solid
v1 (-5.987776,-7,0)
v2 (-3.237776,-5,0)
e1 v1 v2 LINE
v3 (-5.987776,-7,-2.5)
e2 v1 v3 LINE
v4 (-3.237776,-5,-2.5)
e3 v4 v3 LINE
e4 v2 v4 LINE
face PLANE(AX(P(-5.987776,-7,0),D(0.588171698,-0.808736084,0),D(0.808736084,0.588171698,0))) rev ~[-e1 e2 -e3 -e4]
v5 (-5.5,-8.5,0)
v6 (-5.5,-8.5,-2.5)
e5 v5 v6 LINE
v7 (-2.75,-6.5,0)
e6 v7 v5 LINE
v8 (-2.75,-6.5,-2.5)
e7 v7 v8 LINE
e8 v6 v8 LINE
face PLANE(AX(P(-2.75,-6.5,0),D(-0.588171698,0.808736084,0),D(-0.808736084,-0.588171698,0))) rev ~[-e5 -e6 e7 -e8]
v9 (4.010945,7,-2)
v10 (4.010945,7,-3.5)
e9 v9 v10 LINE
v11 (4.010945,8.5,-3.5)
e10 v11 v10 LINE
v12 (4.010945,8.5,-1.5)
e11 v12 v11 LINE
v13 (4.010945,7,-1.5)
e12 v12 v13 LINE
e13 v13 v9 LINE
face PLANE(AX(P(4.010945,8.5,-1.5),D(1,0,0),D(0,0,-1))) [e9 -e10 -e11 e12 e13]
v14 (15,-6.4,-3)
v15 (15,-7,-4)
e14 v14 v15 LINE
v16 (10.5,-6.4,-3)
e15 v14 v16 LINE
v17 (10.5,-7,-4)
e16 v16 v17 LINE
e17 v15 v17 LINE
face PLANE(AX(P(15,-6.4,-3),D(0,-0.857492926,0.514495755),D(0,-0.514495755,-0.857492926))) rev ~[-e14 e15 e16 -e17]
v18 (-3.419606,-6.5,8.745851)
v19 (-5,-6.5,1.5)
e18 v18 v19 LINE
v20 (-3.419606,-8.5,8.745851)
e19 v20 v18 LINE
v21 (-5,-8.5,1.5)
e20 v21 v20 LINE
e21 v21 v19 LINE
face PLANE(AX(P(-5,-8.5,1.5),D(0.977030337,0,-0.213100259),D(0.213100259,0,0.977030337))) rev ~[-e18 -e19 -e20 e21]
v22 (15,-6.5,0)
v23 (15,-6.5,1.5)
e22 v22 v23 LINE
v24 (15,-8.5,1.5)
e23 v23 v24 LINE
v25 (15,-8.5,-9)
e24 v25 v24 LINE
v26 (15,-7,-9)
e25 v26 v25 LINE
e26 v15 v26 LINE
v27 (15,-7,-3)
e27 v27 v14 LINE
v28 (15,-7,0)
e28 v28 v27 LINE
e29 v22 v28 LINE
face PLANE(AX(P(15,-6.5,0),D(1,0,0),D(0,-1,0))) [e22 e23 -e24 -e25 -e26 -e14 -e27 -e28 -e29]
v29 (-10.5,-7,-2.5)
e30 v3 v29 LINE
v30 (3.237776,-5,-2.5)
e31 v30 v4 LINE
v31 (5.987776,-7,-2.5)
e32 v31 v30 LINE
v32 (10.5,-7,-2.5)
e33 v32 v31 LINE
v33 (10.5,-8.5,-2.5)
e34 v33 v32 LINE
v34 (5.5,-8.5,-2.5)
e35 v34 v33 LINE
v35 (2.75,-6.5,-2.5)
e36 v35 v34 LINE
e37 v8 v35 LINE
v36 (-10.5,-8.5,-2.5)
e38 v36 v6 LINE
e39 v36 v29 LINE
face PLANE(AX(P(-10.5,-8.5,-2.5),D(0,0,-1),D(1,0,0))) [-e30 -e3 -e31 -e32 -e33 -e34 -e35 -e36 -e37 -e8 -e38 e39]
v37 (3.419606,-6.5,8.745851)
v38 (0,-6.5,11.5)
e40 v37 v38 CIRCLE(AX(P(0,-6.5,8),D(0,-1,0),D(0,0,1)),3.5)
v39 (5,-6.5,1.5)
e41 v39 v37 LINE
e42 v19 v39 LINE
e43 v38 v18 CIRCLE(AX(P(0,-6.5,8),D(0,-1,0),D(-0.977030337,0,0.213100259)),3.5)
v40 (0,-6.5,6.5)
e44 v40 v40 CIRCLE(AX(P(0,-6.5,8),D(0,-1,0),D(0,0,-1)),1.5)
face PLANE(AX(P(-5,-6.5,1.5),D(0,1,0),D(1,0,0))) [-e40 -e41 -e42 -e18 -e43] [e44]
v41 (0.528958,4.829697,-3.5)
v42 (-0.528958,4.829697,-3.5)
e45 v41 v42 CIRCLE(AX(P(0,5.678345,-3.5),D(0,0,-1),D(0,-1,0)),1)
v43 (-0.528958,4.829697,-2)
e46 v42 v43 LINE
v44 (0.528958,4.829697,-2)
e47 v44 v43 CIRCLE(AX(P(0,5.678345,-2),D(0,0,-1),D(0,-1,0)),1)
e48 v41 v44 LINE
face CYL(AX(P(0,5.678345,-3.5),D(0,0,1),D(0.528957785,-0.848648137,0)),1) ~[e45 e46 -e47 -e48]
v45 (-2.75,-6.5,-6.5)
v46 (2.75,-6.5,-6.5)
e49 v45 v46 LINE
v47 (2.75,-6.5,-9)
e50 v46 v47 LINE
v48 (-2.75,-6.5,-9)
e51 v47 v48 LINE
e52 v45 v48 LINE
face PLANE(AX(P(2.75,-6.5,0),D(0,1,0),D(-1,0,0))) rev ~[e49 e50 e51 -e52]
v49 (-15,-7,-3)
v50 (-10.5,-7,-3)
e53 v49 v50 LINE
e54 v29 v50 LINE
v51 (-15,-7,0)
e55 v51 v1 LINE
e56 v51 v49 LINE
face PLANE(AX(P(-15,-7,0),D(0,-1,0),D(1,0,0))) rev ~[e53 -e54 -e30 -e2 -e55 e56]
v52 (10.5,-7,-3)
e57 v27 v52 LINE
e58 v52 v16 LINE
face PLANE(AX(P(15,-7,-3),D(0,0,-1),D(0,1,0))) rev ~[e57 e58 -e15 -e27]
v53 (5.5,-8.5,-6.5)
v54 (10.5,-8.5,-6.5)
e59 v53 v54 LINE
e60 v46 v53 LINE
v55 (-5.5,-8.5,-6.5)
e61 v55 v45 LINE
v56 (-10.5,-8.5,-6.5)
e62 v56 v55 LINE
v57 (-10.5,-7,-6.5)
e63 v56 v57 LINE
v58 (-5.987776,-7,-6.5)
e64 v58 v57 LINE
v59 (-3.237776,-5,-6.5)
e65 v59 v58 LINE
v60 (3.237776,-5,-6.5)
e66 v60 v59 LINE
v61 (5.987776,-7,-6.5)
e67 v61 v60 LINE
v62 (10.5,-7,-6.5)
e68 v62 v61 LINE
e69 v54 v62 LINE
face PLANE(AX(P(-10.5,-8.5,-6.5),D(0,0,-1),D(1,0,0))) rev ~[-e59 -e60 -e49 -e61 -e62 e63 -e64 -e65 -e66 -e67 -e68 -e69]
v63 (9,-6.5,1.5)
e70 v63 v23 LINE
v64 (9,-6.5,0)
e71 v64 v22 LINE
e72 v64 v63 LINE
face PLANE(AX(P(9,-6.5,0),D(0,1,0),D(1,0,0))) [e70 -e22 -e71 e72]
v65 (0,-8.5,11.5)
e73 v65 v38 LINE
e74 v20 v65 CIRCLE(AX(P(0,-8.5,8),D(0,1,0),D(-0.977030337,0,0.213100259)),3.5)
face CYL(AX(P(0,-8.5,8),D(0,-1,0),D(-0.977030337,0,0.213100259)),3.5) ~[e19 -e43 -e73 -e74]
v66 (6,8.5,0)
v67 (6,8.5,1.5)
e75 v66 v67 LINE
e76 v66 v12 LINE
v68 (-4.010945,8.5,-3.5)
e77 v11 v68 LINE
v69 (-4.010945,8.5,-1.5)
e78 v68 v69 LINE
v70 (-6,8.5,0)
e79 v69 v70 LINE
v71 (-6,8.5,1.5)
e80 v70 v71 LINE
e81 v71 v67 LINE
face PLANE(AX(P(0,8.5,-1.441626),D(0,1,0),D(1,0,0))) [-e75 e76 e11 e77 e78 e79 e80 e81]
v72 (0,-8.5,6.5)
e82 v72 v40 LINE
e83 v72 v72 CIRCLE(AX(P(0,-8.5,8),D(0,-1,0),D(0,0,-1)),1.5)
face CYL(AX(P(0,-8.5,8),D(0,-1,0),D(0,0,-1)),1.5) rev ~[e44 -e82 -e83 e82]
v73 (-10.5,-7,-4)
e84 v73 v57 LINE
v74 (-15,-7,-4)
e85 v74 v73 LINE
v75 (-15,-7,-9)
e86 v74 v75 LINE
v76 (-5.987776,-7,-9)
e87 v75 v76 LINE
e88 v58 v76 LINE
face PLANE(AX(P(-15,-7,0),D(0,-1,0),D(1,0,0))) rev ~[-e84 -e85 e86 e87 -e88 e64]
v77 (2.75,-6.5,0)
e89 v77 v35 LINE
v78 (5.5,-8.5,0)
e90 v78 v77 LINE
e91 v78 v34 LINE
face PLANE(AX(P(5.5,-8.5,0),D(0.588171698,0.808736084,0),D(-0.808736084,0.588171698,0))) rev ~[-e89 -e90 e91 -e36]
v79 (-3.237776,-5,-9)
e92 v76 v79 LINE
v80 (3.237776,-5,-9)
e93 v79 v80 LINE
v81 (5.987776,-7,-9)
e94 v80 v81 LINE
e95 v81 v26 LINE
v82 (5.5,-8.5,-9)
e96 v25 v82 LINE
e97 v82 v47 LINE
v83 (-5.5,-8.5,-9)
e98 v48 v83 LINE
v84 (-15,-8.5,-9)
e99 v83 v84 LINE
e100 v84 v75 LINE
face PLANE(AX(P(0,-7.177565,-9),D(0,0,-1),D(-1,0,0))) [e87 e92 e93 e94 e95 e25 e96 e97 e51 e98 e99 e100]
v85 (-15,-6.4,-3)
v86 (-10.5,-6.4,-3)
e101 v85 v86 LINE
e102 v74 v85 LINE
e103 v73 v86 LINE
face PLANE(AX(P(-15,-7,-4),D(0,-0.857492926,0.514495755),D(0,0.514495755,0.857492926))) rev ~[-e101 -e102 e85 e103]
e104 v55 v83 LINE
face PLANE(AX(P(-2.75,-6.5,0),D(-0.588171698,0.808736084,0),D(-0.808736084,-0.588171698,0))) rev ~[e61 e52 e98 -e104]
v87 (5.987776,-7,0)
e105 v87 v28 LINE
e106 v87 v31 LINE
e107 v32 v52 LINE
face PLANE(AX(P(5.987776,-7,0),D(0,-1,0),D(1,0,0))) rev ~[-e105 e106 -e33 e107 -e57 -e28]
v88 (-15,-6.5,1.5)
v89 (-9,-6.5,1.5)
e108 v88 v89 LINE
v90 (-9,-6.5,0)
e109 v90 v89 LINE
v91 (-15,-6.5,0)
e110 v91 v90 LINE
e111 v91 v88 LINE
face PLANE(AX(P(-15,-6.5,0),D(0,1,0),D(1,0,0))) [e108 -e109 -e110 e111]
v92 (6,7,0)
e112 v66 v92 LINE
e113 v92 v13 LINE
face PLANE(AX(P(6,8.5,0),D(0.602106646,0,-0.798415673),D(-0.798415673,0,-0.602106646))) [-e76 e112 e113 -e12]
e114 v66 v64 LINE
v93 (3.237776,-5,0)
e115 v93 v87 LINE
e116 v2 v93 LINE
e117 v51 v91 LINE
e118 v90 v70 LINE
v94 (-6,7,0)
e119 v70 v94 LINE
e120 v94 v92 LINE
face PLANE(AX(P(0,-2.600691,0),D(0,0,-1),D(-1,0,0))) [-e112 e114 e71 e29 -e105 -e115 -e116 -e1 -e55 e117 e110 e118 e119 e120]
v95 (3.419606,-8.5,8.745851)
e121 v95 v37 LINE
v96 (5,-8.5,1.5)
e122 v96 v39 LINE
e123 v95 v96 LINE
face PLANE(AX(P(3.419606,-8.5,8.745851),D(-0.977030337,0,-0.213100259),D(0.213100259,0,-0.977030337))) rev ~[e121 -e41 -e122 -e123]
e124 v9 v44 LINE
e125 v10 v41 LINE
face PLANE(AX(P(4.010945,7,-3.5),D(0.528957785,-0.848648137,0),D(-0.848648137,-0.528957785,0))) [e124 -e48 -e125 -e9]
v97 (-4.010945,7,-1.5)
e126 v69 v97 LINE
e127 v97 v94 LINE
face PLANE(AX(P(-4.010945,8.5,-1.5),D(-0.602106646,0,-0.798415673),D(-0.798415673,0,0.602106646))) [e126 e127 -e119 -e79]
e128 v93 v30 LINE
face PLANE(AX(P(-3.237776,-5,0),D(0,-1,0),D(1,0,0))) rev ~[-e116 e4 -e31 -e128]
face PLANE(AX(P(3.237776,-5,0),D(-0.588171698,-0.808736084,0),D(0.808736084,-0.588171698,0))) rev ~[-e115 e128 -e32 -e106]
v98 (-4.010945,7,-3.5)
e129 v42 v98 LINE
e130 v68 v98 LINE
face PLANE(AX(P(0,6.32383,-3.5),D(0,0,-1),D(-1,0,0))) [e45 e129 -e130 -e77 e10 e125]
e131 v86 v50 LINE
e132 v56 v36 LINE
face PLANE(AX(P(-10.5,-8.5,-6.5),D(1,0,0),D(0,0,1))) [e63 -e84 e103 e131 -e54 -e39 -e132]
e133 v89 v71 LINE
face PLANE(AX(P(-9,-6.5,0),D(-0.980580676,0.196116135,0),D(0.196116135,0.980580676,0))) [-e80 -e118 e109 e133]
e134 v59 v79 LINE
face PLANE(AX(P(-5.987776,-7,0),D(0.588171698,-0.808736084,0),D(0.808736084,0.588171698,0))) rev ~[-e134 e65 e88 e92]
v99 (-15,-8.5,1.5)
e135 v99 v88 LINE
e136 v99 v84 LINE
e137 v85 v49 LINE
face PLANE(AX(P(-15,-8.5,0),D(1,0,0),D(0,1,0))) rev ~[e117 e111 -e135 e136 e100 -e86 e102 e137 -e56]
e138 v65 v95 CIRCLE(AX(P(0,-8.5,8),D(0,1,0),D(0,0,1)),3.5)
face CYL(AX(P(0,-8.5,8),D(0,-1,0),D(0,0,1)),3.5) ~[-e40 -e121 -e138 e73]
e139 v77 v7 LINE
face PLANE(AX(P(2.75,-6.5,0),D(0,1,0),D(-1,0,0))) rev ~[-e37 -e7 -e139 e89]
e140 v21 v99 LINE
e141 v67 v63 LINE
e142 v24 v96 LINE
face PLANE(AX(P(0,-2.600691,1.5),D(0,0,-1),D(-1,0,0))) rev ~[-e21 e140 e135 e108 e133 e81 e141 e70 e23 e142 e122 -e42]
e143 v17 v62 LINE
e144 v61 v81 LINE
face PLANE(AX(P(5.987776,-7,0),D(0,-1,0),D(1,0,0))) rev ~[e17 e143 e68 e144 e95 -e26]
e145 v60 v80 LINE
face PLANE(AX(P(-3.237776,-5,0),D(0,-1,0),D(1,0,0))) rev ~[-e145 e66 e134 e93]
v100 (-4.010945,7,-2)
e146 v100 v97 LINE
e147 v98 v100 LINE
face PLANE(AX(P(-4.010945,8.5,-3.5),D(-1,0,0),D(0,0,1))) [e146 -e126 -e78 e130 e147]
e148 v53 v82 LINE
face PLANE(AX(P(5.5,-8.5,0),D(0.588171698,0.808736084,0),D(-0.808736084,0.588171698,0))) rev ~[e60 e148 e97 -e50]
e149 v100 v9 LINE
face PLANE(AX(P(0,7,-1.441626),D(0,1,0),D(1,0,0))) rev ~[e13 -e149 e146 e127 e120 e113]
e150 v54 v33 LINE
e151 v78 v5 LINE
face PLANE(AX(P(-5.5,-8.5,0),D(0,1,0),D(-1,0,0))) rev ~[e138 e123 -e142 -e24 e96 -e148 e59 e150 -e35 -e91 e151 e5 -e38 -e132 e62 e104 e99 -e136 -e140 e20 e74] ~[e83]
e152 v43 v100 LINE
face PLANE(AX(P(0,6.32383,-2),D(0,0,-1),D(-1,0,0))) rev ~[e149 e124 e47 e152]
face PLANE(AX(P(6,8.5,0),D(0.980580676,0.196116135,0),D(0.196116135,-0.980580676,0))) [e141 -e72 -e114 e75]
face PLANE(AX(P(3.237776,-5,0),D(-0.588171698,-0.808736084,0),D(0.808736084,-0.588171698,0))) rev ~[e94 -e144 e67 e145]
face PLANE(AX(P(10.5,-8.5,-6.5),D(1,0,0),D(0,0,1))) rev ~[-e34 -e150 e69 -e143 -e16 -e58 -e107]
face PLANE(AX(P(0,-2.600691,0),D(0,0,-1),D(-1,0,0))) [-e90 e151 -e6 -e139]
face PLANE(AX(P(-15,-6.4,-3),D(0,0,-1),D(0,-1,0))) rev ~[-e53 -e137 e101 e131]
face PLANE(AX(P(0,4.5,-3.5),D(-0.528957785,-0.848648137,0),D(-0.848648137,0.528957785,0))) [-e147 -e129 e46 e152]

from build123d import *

# Parameters (mm, degrees)
SALIENTE_EXTRUIR1_DEPTH = 1.5
CROQUIS2_W              = 10
CROQUIS2_H              = 2
SALIENTE_EXTRUIR2_DEPTH = 10
CROQUIS3_R              = 1.5
CORTAR_EXTRUIR1_DEPTH   = 10
SALIENTE_EXTRUIR5_DEPTH = 1.5
SALIENTE_EXTRUIR6_DEPTH = 1.5
REDONDEO2_R             = 1
SALIENTE_EXTRUIR7_DEPTH = 9
CORTAR_EXTRUIR2_REACH   = 27.421
CROQUIS8_W              = 21
CROQUIS8_H              = 4
SALIENTE_EXTRUIR8_DEPTH = 4.5
SALIENTE_EXTRUIR9_DEPTH = 4.5


with BuildPart() as part:
    # Croquis1 → Saliente-Extruir1 (new body)
    with BuildSketch(Plane.XY):
        Polygon((-6, 8.5), (6, 8.5), (9, -6.5), (15, -6.5), (15, -8.5), (-15, -8.5), (-15, -6.5), (-9, -6.5), align=None)
    extrude(amount=SALIENTE_EXTRUIR1_DEPTH)

    # Croquis2 → Saliente-Extruir2 (add)
    with BuildSketch(Plane.XY.offset(1.5)):
        with Locations((0, -7.5)):
            Rectangle(CROQUIS2_W, CROQUIS2_H)
    extrude(amount=SALIENTE_EXTRUIR2_DEPTH)

    # Croquis3 → Cortar-Extruir1 (cut)
    with BuildSketch(Plane.XZ.offset(8.5)):
        with BuildLine():
            Line((-5, 11.5), (-5, 1.5))
            Line((-5, 1.5), (-3.41960618, 8.745850907))
            ThreePointArc((-3.41960618, 8.745850907), (-2.195395389, 10.72584649), (0, 11.5))
            Line((0, 11.5), (-5, 11.5))
        make_face()
        with BuildLine():
            Line((5, 11.5), (0, 11.5))
            ThreePointArc((0, 11.5), (2.195395389, 10.72584649), (3.41960618, 8.745850907))
            Line((3.41960618, 8.745850907), (5, 1.5))
            Line((5, 1.5), (5, 11.5))
        make_face()
        with Locations(Location((0, 8, 0), (0, 0, 270))):
            Circle(CROQUIS3_R)
    extrude(amount=-CORTAR_EXTRUIR1_DEPTH, mode=Mode.SUBTRACT)

    # Croquis4 → Saliente-Extruir5 (add)
    with BuildSketch(Plane(origin=(0, 8.5, 0), x_dir=(1, 0, 0), z_dir=(0, 1, 0))):
        Polygon((6, 0), (4.010944544, 1.5), (4.010944544, 3.5), (-4.010944544, 3.5), (-4.010944544, 1.5), (-6, 0), align=None)
    extrude(amount=-SALIENTE_EXTRUIR5_DEPTH)

    # Croquis6 → Saliente-Extruir6 (add)
    with BuildSketch(Plane(origin=(0, 0, -3.5), x_dir=(-1, 0, 0), z_dir=(0, 0, -1))):
        Polygon((-4.010944544, 7), (0, 4.5), (4.010944544, 7), align=None)
    extrude(amount=-SALIENTE_EXTRUIR6_DEPTH)

    # Redondeo2
    redondeo2_edges = [part.edges().sort_by_distance(p)[0] for p in [
        (0, 4.5, -2.75),
    ]]
    fillet(redondeo2_edges, radius=REDONDEO2_R)

    # Croquis7 → Saliente-Extruir7 (add)
    with BuildSketch(Plane(origin=(0, 0, 0), x_dir=(-1, 0, 0), z_dir=(0, 0, -1))):
        Polygon((5.5, -8.5), (15, -8.5), (15, -7), (5.98777572, -7), (3.23777572, -5), (-3.23777572, -5), (-5.98777572, -7), (-15, -7), (-15, -8.5), (-5.5, -8.5), (-2.75, -6.5), (2.75, -6.5), align=None)
    extrude(amount=SALIENTE_EXTRUIR7_DEPTH)

    # Croquis8 → Cortar-Extruir2 (cut, up to next)
    with BuildSketch(Plane.XZ.offset(8.5), mode=Mode.PRIVATE) as cortar_extruir2_sk1:
        with Locations((0, -4.5)):
            Rectangle(CROQUIS8_W, CROQUIS8_H)
    cortar_extruir2_tool1 = extrude(cortar_extruir2_sk1.sketch, amount=-CORTAR_EXTRUIR2_REACH, mode=Mode.PRIVATE) & part.part
    add(cortar_extruir2_tool1.solids().sort_by_distance((0, -8.5, -4.5))[0], mode=Mode.SUBTRACT)

    # Croquis9 → Saliente-Extruir8 (add)
    with BuildSketch(Plane(origin=(15, 0, 0), x_dir=(0, 0, -1), z_dir=(1, 0, 0))):
        Polygon((3, -7), (3, -6.4), (4, -7), align=None)
    extrude(amount=-SALIENTE_EXTRUIR8_DEPTH)

    # Croquis10 → Saliente-Extruir9 (add)
    with BuildSketch(Plane.ZY.offset(15)):
        Polygon((-3, -6.4), (-3, -7), (-4, -7), align=None)
    extrude(amount=-SALIENTE_EXTRUIR9_DEPTH)


solid = part.part
